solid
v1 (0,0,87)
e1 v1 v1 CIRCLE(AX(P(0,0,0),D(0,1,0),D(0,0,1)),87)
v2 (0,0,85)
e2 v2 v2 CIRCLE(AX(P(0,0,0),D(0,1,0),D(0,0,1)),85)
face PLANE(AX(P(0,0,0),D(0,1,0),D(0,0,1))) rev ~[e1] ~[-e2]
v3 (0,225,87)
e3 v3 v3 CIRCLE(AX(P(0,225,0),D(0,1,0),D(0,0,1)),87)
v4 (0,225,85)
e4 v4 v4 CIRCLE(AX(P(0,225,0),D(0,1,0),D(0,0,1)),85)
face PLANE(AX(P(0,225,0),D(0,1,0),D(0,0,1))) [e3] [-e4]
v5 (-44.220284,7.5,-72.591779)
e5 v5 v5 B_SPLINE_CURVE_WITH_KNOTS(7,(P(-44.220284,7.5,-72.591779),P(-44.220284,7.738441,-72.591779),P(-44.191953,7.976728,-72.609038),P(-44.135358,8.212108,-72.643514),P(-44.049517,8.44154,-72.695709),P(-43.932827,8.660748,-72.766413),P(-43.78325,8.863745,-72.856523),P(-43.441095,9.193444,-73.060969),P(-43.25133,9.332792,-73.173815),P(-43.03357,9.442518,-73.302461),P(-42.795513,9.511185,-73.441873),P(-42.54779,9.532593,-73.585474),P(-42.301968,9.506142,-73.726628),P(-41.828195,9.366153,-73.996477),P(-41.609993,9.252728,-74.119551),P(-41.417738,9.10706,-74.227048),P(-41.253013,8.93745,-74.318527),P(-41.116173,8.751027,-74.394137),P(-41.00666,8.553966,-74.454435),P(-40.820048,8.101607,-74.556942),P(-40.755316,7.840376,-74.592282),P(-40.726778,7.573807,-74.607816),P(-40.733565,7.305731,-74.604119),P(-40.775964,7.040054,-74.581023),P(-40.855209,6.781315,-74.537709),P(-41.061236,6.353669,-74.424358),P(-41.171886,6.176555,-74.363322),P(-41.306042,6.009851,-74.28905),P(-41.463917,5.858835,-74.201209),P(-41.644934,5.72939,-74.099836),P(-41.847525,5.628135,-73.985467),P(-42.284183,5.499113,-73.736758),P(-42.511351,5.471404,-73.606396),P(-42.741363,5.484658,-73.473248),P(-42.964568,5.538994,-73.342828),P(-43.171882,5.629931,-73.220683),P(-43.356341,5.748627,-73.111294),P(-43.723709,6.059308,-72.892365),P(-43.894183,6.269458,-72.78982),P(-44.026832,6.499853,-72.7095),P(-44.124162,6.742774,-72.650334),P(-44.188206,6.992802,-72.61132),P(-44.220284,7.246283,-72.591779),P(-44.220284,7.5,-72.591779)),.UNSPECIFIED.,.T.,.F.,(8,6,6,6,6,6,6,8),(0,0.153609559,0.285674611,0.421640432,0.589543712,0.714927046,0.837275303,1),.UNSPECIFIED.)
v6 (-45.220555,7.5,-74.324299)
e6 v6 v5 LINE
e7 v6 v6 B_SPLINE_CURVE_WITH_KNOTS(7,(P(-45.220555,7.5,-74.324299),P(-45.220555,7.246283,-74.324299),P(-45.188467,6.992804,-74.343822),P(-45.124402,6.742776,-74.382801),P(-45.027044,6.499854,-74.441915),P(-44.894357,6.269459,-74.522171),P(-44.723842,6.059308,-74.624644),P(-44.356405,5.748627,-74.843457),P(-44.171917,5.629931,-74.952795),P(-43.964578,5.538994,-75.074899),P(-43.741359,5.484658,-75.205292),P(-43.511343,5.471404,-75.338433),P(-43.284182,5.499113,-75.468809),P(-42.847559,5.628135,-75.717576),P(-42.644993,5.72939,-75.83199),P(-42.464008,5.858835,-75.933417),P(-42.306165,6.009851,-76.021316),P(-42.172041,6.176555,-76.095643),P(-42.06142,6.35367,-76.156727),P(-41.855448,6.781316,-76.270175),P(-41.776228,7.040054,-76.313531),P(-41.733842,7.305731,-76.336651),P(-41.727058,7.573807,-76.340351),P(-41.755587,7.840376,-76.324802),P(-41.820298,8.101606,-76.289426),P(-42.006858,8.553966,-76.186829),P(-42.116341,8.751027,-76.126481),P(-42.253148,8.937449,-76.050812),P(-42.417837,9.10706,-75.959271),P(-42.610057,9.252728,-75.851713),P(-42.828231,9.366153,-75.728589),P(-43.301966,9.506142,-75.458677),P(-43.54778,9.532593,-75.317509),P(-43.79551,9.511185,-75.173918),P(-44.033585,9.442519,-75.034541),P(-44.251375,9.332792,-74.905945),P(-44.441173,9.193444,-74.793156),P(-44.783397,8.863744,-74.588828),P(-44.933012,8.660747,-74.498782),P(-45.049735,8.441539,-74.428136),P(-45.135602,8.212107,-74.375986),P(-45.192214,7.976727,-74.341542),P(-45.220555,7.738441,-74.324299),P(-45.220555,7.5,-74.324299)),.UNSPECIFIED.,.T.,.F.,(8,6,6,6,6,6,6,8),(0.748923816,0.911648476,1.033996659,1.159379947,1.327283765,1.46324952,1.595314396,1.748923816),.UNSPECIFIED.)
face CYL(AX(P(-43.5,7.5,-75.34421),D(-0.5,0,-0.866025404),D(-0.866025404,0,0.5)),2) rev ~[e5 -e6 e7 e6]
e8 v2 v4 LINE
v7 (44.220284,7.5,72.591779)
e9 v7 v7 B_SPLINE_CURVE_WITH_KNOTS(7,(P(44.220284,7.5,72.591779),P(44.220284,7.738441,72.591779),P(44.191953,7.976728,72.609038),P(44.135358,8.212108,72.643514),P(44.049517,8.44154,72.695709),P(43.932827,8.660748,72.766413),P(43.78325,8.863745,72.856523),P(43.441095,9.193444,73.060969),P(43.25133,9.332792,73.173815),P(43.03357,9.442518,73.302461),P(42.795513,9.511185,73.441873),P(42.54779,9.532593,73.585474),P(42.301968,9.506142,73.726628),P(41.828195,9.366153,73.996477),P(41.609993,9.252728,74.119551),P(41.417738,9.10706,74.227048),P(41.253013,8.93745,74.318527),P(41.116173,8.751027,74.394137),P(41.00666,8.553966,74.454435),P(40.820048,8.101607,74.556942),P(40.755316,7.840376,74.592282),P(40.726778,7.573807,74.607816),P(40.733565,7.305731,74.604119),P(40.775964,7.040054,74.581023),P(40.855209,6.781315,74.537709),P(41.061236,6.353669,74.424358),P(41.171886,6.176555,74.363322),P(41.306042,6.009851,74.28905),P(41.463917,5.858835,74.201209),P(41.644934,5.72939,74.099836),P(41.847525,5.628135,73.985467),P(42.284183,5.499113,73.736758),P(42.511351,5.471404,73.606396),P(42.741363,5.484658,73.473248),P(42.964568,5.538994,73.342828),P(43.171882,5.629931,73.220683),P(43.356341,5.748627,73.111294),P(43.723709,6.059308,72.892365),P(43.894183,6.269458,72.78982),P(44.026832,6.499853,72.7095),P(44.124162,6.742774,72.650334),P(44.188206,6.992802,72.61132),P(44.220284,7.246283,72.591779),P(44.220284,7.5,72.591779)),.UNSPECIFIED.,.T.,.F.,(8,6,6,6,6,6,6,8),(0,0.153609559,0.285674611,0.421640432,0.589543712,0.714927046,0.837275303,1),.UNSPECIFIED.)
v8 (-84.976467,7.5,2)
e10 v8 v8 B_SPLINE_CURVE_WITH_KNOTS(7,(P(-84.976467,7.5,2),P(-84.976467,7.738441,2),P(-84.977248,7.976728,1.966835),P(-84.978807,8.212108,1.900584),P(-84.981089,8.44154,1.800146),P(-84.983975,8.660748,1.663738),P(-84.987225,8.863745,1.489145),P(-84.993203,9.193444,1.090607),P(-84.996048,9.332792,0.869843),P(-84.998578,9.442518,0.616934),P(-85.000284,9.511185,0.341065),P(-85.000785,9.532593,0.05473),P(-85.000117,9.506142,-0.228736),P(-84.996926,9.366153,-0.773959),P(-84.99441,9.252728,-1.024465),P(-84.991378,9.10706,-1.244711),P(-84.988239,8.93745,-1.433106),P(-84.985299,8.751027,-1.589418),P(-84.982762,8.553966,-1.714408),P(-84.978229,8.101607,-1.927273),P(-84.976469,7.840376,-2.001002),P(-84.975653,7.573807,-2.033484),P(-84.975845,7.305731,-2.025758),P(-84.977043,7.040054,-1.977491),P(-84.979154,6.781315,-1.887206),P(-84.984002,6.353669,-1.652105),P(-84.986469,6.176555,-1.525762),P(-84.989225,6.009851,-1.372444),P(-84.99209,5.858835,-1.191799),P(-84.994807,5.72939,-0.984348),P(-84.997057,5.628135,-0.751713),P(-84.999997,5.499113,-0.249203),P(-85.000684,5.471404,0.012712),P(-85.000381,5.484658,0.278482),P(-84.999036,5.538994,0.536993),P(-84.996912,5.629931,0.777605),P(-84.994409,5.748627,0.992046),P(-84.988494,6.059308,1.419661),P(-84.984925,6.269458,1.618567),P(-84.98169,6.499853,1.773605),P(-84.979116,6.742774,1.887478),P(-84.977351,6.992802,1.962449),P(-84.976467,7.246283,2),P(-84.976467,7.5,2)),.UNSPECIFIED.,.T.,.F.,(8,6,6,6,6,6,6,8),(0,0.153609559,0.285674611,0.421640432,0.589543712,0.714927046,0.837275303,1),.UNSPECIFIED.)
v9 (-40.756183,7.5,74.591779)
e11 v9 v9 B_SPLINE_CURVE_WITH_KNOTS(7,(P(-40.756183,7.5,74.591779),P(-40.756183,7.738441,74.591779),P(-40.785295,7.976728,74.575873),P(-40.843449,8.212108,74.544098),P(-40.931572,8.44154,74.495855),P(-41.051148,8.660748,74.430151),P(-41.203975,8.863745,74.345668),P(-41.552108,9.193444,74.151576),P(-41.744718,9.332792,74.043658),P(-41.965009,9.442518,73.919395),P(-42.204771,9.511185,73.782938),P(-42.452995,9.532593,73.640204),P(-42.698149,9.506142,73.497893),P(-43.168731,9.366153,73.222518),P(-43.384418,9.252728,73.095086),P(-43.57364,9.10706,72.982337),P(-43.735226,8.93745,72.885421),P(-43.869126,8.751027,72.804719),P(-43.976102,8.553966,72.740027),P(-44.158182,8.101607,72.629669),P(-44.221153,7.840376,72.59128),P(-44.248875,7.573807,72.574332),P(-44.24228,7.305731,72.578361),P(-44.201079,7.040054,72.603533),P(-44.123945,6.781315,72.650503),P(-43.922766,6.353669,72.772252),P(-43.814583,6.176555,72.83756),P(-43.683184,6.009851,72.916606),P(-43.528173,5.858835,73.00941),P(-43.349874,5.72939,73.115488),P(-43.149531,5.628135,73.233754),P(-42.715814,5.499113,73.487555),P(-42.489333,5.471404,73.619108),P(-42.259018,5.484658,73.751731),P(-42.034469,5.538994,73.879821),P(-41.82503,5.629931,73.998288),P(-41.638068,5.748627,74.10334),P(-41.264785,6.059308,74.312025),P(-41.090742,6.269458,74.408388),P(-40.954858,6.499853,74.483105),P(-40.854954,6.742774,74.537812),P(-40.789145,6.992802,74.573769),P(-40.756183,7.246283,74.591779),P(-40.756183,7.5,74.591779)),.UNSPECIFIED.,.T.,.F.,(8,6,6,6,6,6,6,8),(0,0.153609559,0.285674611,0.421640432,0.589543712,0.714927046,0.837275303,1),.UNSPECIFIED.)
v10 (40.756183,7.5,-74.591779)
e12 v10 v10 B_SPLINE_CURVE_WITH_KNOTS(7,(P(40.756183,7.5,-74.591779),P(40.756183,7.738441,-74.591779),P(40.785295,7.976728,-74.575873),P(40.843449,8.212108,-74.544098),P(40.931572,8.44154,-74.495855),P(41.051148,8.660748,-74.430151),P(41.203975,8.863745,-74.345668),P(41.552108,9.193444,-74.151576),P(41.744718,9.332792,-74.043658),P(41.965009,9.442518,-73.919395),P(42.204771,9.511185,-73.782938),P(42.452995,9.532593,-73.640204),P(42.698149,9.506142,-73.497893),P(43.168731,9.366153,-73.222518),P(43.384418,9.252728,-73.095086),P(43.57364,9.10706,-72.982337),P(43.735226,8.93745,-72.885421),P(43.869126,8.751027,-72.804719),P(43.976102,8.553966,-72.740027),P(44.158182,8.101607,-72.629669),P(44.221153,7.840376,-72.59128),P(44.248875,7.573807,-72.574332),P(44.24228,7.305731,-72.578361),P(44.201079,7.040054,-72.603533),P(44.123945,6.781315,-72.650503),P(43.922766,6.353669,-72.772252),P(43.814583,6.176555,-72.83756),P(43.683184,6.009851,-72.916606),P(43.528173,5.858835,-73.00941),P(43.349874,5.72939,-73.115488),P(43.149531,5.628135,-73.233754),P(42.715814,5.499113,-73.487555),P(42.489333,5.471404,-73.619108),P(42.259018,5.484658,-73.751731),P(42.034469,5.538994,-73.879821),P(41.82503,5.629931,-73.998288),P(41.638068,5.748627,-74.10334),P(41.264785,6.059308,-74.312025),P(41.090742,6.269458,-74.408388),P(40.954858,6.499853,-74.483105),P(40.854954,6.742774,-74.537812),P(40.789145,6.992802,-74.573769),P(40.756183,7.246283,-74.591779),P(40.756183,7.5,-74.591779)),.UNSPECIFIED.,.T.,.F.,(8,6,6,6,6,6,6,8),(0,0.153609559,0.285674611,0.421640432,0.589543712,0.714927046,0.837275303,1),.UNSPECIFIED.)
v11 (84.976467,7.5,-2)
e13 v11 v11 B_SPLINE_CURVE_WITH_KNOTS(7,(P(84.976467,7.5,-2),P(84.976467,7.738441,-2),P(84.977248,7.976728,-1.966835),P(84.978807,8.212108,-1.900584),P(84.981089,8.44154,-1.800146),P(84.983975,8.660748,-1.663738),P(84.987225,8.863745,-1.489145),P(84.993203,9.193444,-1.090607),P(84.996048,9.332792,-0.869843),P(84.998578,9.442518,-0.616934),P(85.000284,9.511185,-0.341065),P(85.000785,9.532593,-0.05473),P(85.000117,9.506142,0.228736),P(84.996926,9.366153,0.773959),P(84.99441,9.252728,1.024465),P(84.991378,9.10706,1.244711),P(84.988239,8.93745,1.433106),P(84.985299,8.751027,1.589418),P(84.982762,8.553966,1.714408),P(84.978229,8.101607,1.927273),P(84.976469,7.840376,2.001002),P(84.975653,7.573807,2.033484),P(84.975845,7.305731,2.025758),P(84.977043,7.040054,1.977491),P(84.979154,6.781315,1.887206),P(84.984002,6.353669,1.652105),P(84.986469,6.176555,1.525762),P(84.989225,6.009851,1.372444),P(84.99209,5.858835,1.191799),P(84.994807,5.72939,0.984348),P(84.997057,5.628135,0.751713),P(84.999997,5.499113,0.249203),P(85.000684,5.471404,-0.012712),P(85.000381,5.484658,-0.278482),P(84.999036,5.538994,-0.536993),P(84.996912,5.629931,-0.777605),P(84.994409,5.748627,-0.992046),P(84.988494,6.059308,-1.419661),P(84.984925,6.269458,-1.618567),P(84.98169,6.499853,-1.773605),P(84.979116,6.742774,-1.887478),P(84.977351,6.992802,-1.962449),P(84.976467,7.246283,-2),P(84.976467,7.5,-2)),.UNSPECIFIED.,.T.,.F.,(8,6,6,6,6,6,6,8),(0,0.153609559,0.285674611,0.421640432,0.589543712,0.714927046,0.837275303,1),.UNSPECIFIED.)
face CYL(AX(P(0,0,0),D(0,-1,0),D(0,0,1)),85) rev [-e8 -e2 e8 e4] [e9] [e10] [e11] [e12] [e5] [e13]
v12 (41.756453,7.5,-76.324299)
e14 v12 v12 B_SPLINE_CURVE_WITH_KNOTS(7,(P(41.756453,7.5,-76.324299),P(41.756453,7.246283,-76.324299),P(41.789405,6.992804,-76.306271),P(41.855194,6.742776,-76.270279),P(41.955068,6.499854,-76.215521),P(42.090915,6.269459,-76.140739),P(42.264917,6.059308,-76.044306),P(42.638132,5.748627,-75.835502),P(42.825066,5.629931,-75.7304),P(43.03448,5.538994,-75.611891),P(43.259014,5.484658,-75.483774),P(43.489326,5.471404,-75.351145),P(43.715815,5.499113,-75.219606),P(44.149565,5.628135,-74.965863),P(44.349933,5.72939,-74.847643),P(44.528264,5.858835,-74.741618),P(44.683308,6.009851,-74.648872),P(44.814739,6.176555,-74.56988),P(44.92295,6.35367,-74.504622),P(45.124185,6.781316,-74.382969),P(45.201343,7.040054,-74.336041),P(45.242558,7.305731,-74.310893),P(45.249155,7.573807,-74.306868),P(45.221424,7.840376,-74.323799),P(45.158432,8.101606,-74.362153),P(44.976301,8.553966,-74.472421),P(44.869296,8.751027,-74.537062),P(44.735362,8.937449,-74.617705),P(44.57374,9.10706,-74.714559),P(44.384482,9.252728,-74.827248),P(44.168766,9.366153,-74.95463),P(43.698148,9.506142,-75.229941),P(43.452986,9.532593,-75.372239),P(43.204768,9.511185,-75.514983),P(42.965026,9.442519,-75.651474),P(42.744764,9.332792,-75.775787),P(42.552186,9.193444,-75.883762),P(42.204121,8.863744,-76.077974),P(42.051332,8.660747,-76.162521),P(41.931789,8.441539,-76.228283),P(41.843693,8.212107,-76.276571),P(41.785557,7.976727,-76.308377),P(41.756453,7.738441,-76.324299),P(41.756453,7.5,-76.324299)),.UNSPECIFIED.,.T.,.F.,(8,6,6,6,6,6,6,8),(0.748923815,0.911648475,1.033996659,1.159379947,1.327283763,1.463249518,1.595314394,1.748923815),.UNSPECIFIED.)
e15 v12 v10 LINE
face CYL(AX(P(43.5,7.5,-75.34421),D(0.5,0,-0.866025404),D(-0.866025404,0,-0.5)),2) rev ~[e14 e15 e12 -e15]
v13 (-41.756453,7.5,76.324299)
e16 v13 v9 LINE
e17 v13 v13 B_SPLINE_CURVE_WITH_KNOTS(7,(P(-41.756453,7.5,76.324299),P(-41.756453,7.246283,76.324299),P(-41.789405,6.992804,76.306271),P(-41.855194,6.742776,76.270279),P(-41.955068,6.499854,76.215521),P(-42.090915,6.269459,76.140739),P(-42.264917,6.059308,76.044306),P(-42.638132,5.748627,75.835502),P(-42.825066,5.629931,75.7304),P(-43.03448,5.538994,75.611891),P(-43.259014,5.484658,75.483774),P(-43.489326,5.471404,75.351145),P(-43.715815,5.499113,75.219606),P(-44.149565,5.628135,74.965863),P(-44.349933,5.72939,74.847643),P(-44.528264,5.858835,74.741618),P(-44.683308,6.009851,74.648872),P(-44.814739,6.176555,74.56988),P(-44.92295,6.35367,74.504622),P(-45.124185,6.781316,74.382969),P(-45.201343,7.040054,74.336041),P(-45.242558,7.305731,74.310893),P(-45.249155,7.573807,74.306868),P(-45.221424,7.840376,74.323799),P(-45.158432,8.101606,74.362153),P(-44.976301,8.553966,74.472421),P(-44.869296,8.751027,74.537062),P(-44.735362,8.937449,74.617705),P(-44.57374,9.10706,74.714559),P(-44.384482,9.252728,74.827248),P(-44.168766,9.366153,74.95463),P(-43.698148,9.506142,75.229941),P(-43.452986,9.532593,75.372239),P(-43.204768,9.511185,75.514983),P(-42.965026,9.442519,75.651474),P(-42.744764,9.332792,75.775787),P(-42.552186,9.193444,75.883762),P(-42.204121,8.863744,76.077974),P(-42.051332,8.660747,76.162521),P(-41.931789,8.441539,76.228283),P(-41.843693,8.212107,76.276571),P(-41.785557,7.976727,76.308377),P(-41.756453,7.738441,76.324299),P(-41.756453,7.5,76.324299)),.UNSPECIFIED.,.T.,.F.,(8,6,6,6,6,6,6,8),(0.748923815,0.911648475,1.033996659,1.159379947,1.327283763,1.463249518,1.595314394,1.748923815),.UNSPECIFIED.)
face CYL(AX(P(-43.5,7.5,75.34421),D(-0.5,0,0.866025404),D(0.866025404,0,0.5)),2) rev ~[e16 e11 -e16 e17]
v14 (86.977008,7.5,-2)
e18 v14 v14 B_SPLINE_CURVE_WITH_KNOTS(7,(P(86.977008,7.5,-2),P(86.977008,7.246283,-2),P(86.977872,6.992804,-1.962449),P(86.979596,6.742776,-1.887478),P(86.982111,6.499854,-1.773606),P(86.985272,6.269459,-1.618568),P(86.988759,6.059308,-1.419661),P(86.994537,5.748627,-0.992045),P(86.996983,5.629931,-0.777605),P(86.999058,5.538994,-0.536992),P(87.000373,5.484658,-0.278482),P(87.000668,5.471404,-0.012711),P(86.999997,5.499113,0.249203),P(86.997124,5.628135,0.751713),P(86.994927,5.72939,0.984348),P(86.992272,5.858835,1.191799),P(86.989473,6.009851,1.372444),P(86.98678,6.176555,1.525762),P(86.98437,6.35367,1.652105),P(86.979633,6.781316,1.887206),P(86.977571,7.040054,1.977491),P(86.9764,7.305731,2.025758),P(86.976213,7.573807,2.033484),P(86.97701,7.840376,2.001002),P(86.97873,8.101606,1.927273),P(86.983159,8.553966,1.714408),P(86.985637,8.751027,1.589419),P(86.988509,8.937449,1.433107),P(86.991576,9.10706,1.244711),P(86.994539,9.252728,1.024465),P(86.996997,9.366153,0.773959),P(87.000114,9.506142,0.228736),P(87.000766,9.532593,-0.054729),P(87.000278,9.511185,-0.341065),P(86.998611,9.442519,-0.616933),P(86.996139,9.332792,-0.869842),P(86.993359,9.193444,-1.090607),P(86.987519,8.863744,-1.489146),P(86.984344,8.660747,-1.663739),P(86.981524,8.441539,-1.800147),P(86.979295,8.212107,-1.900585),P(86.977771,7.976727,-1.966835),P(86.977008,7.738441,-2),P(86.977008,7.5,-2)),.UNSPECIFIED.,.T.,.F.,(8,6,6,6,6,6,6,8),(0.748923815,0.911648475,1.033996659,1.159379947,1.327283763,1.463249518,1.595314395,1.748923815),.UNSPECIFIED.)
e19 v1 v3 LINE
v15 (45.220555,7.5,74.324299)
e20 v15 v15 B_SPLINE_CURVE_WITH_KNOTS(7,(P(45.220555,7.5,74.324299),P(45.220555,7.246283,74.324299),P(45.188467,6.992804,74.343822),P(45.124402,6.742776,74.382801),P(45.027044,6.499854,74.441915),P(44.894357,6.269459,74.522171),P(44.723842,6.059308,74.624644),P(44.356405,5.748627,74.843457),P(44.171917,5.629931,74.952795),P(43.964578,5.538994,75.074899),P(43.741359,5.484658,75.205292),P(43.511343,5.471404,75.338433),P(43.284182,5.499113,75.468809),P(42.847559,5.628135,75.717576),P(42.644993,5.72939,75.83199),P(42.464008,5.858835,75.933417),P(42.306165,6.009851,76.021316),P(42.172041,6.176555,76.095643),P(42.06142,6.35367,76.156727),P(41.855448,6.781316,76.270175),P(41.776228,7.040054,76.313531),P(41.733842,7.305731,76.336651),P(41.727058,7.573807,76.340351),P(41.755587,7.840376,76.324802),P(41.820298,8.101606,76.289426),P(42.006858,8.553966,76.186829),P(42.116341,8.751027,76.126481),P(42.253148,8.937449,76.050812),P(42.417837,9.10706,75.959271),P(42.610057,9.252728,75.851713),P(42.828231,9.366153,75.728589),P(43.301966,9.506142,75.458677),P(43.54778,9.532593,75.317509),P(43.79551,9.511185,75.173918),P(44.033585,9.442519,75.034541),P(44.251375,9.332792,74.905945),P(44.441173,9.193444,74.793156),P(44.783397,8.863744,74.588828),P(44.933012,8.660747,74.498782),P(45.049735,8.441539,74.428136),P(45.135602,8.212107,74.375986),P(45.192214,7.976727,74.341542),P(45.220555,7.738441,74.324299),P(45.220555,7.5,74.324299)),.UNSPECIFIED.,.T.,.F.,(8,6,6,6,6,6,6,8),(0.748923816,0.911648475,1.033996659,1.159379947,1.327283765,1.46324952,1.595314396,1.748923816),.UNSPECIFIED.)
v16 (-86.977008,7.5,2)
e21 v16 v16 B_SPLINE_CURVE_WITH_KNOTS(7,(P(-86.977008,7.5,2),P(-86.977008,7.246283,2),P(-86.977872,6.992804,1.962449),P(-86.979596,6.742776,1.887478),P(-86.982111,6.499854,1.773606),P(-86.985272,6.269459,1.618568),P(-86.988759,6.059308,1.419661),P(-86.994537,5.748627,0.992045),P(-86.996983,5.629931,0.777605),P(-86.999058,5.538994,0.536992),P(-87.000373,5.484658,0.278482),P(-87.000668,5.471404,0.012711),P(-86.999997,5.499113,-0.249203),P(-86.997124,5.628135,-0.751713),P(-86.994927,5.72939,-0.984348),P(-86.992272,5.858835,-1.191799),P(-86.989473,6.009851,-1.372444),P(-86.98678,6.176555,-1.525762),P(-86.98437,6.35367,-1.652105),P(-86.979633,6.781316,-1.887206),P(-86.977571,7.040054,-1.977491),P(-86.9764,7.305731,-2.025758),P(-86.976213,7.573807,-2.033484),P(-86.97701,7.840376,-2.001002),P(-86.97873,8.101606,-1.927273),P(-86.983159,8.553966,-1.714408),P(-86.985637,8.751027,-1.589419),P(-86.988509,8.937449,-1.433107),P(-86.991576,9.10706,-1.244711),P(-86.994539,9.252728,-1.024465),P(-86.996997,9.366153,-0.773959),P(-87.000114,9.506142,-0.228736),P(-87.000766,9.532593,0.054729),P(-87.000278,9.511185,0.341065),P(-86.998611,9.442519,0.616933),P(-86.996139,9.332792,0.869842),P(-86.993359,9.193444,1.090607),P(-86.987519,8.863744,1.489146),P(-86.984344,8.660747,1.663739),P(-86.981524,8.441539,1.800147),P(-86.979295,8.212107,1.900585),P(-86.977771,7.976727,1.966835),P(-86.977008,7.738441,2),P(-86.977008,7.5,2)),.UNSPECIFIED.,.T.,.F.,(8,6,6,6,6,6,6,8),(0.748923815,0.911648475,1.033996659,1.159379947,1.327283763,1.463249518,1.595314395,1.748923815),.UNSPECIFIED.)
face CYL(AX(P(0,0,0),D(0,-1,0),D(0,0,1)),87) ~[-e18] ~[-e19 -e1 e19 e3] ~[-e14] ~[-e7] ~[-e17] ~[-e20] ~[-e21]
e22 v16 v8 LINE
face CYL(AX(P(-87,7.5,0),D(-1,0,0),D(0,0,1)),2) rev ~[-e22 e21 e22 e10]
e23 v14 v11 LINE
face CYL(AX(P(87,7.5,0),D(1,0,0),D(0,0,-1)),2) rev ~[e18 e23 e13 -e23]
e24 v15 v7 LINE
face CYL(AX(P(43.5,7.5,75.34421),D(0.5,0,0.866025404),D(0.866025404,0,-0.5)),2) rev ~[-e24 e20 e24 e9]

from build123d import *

# Parameters (mm, degrees)
SKETCH1_R               = 87
SKETCH1_R_2             = 85
BOSS_EXTRUDE1_DEPTH     = 225
CUT_EXTRUDE1_REACH      = 299.439
CUT_EXTRUDE1_END_RADIUS = 85
SKETCH2_R               = 2
CIRPATTERN1_COUNT       = 6


with BuildPart() as part:
    # Sketch1 → Boss-Extrude1 (new body)
    with BuildSketch(Plane(origin=(0, 0, 0), x_dir=(1, 0, 0), z_dir=(0, 1, 0))):
        with Locations(Location((0, 0, 0), (0, 0, 270))):
            Circle(SKETCH1_R)
        with Locations(Location((0, 0, 0), (0, 0, 270))):
            Circle(SKETCH1_R_2, mode=Mode.SUBTRACT)
    extrude(amount=BOSS_EXTRUDE1_DEPTH)

    # Cut-Extrude1: up to this cylinder (the profile starts outside it)
    cut_extrude1_end = Plane(origin=(0, 7.5, 0), z_dir=(0, -1, 0)) * Cylinder(CUT_EXTRUDE1_END_RADIUS, 769.878, mode=Mode.PRIVATE)
    # Sketch2 → Cut-Extrude1 (cut, up to the surface)
    with BuildSketch(Plane.ZY.offset(87), mode=Mode.PRIVATE) as cut_extrude1_sk1:
        with Locations((0, 7.5)):
            Circle(SKETCH2_R)
    cut_extrude1_tool1 = extrude(cut_extrude1_sk1.sketch, amount=-CUT_EXTRUDE1_REACH, mode=Mode.PRIVATE) - cut_extrude1_end
    cut_extrude1 = cut_extrude1_tool1.solids().sort_by_distance((-87, 7.5, 0))[0]
    add(cut_extrude1, mode=Mode.SUBTRACT)

    # CirPattern1: Cut-Extrude1 ×6 about axis
    cirpattern1_axis = Axis((0, 0, 0), (0, 1, 0))
    for i in range(1, CIRPATTERN1_COUNT):
        add(cut_extrude1.rotate(cirpattern1_axis, i * 360 / CIRPATTERN1_COUNT), mode=Mode.SUBTRACT)


solid = part.part
